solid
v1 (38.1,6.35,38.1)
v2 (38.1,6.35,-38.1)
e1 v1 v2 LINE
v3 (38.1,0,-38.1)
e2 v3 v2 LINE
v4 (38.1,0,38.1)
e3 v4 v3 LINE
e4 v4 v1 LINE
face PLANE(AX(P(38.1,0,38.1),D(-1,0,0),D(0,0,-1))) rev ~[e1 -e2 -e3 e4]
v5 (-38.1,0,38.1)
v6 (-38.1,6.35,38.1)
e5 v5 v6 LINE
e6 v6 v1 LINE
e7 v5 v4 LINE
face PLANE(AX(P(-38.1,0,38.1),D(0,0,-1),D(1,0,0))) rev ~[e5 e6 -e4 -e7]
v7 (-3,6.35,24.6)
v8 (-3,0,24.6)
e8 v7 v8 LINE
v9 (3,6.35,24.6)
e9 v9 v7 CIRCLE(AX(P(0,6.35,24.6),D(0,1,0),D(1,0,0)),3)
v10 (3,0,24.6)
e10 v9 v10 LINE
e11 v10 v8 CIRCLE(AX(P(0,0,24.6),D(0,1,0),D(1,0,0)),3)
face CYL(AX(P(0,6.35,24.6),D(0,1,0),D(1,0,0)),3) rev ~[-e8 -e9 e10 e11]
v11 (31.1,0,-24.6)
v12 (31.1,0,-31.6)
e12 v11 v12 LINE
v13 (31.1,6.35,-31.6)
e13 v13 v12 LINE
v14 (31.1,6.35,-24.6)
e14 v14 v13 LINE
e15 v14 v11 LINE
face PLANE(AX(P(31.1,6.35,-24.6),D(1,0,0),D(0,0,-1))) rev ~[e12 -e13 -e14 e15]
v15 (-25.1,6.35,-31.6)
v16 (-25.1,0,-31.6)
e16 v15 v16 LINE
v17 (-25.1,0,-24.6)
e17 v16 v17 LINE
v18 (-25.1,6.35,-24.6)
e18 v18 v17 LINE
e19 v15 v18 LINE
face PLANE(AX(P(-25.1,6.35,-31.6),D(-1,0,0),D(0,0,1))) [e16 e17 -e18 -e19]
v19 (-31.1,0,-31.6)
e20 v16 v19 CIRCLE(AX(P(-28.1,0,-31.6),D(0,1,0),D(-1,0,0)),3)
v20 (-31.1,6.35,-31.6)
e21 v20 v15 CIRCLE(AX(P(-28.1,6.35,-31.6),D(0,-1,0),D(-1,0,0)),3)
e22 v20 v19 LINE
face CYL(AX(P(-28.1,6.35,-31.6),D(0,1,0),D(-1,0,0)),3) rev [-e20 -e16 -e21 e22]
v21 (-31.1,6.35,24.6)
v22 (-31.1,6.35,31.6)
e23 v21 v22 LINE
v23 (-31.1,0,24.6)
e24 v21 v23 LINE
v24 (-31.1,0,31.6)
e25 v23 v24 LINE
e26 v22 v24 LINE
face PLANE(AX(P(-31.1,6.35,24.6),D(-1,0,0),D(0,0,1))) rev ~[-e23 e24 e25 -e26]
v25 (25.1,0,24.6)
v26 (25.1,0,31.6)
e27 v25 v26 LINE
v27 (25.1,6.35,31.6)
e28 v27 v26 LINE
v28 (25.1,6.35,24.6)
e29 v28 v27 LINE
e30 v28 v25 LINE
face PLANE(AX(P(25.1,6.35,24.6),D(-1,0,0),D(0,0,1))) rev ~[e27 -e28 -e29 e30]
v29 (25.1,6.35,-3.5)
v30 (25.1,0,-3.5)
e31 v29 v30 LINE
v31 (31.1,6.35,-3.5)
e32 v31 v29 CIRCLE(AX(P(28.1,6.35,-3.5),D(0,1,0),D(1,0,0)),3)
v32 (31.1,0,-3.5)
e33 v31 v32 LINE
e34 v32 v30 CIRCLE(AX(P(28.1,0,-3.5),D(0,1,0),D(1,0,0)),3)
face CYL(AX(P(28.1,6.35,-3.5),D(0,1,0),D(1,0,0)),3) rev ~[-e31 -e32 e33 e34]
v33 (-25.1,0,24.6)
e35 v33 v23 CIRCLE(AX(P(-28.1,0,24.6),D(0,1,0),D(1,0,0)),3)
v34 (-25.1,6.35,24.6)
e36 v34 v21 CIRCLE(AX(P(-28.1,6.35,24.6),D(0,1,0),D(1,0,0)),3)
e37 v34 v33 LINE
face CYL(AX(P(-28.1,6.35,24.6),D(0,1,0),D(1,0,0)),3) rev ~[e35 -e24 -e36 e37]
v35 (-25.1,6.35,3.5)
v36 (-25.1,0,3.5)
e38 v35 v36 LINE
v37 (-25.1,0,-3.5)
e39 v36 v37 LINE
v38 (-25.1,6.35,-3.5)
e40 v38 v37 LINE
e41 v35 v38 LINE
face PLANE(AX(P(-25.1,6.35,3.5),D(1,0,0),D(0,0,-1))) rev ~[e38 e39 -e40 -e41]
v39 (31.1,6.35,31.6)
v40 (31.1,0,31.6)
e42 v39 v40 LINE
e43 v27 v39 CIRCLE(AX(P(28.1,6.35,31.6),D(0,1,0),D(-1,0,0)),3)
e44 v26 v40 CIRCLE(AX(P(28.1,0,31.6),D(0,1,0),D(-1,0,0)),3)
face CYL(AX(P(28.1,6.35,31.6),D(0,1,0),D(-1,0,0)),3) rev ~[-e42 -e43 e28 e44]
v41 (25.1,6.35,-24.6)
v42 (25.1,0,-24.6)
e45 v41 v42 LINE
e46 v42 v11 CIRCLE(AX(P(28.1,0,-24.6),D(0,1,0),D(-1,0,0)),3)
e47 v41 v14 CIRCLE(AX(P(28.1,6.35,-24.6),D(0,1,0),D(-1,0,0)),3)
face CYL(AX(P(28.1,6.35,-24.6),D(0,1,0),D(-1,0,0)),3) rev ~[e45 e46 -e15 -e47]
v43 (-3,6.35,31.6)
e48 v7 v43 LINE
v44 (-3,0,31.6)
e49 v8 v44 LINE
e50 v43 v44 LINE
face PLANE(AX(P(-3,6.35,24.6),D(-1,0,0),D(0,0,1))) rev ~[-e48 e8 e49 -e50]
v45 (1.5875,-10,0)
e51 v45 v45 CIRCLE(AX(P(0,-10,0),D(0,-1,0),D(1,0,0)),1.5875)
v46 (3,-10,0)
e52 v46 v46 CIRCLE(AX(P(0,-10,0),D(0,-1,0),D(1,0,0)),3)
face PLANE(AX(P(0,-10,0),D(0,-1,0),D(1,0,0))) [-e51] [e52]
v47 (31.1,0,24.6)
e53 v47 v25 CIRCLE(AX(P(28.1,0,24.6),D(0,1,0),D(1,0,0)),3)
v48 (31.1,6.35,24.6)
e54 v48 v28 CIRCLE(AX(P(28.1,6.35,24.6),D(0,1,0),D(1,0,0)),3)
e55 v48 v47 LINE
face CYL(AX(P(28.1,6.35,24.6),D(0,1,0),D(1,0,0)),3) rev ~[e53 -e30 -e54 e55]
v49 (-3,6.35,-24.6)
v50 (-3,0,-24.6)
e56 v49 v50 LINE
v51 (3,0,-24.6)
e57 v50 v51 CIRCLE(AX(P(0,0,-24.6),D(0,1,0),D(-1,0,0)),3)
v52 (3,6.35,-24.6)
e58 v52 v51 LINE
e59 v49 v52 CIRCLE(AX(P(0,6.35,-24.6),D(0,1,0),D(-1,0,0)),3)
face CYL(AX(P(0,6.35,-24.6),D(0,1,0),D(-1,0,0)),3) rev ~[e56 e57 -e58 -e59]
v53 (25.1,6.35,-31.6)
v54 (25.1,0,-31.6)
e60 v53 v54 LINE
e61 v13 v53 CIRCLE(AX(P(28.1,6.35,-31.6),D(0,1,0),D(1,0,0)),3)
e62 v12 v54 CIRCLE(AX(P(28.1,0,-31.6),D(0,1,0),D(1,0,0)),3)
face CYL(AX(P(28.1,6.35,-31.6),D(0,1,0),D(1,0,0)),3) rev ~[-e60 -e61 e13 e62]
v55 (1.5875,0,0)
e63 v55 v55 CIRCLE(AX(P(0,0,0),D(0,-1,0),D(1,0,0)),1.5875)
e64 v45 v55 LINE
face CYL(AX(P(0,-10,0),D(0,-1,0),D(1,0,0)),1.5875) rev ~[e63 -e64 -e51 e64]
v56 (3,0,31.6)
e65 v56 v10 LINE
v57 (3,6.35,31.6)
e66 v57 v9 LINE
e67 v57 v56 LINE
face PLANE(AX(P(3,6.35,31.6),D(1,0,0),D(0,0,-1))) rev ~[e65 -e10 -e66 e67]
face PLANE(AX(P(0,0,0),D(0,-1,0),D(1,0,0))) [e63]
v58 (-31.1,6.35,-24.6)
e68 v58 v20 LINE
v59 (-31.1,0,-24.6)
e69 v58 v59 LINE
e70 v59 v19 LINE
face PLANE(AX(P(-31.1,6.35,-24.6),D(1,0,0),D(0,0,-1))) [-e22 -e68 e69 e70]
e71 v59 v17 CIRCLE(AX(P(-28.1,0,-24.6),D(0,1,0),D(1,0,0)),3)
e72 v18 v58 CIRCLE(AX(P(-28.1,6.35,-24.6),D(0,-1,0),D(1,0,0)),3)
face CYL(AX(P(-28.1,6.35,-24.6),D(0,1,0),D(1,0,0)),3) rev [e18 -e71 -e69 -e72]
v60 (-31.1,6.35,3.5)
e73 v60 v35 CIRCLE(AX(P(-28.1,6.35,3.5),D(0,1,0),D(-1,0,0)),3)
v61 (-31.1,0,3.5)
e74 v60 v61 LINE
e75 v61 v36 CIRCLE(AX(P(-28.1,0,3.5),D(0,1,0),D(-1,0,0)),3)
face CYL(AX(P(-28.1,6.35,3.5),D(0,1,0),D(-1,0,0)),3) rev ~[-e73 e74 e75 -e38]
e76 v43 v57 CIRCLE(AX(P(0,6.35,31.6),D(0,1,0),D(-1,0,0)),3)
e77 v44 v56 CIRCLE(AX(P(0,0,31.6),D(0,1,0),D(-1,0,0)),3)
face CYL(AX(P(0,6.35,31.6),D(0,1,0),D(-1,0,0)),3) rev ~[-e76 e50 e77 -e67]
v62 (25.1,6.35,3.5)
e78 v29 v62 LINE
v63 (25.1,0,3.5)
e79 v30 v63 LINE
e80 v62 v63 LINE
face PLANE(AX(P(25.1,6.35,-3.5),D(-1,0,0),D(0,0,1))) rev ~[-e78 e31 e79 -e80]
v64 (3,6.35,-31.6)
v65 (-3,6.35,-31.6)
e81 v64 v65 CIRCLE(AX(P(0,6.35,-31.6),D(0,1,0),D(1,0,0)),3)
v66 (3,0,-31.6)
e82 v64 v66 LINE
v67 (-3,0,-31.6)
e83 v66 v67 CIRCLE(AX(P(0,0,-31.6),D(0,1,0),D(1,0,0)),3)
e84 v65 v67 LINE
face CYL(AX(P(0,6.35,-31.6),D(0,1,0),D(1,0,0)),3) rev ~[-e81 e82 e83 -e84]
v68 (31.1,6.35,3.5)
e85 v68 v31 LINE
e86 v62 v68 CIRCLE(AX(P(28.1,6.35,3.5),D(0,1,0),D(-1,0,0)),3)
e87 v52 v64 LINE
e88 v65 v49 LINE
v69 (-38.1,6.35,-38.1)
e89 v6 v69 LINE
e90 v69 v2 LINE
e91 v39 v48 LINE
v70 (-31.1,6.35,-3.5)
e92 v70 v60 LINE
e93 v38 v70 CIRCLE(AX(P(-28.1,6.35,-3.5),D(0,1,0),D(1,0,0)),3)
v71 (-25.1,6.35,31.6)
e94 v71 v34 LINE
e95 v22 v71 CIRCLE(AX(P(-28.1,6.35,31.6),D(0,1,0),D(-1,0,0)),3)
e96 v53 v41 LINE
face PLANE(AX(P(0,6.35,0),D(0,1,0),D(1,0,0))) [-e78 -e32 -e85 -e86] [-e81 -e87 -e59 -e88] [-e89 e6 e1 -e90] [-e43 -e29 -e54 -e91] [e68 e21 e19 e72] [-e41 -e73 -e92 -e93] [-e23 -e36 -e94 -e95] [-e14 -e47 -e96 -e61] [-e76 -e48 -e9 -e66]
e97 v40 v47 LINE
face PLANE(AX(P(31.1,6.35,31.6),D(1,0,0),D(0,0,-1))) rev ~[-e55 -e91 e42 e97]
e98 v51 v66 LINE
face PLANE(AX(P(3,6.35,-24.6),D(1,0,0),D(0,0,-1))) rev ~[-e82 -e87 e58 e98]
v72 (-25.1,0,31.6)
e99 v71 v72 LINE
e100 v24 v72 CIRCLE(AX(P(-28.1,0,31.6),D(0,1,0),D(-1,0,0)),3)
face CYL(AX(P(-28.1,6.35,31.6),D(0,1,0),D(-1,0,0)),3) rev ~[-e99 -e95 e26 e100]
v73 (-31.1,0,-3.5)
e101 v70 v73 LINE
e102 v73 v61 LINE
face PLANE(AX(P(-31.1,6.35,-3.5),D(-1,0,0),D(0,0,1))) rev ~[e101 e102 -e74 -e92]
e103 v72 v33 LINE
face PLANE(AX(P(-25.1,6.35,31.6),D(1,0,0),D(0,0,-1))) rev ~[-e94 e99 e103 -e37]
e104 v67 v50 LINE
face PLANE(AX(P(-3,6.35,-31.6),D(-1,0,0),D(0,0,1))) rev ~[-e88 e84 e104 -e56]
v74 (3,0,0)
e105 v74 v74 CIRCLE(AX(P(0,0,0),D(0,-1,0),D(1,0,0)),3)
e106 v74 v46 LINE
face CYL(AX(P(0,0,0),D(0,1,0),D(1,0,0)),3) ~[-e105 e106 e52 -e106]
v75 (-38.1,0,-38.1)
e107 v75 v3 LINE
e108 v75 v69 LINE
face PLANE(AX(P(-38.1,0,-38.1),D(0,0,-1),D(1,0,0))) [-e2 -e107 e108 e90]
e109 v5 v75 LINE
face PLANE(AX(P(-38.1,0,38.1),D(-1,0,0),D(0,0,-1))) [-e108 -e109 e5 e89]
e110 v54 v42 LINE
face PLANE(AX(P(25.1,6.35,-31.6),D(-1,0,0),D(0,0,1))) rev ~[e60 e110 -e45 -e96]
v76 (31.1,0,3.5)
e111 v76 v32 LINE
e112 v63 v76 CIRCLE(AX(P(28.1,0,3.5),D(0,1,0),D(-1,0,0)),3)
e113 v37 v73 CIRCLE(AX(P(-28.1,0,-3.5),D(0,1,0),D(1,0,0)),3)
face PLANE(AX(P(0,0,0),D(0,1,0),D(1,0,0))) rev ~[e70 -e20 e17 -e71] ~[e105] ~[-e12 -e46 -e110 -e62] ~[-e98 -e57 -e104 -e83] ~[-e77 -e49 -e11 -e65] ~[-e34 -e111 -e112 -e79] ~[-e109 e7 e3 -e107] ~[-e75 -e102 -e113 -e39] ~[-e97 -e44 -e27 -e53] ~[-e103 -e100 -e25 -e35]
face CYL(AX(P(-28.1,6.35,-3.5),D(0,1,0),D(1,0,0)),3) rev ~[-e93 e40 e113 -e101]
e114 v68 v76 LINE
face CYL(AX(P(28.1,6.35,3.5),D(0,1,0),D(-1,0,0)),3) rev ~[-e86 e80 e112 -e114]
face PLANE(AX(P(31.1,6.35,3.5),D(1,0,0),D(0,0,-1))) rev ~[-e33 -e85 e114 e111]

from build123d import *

# Parameters (mm, degrees)
SKETCH1_W           = 76.2
SKETCH1_H           = 76.2
BOSS_EXTRUDE1_DEPTH = 6.35
SKETCH2_R           = 3
BOSS_EXTRUDE2_DEPTH = 10
SKETCH3_R           = 1.5875
CUT_EXTRUDE1_DEPTH  = 10
CUT_EXTRUDE2_DEPTH  = 17.35


with BuildPart() as part:
    # Sketch1 → Boss-Extrude1 (new body)
    with BuildSketch(Plane(origin=(0, 0, 0), x_dir=(1, 0, 0), z_dir=(0, 1, 0))):
        Rectangle(SKETCH1_W, SKETCH1_H)
    extrude(amount=BOSS_EXTRUDE1_DEPTH)

    # Sketch2 → Boss-Extrude2 (add)
    with BuildSketch(Plane.XZ):
        Circle(SKETCH2_R)
    extrude(amount=BOSS_EXTRUDE2_DEPTH)

    # Sketch3 → Cut-Extrude1 (cut)
    with BuildSketch(Plane.XZ.offset(10)):
        Circle(SKETCH3_R)
    extrude(amount=-CUT_EXTRUDE1_DEPTH, mode=Mode.SUBTRACT)

    # Sketch5 → Cut-Extrude2 (cut, through all)
    with BuildSketch(Plane(origin=(0, 6.35, 0), x_dir=(1, 0, 0), z_dir=(0, 1, 0))):
        with BuildLine():
            Line((-25.1, 31.6), (-25.1, 24.6))
            ThreePointArc((-25.1, 24.6), (-28.1, 21.6), (-31.1, 24.6))
            Line((-31.1, 24.6), (-31.1, 31.6))
            ThreePointArc((-31.1, 31.6), (-28.1, 34.6), (-25.1, 31.6))
        make_face()
        with BuildLine():
            Line((-3, 31.6), (-3, 24.6))
            ThreePointArc((-3, 24.6), (0, 21.6), (3, 24.6))
            Line((3, 24.6), (3, 31.6))
            ThreePointArc((3, 31.6), (0, 34.6), (-3, 31.6))
        make_face()
        with BuildLine():
            Line((25.1, 31.6), (25.1, 24.6))
            ThreePointArc((25.1, 24.6), (28.1, 21.6), (31.1, 24.6))
            Line((31.1, 24.6), (31.1, 31.6))
            ThreePointArc((31.1, 31.6), (28.1, 34.6), (25.1, 31.6))
        make_face()
        with BuildLine():
            Line((25.1, 3.5), (25.1, -3.5))
            ThreePointArc((25.1, -3.5), (28.1, -6.5), (31.1, -3.5))
            Line((31.1, -3.5), (31.1, 3.5))
            ThreePointArc((31.1, 3.5), (28.1, 6.5), (25.1, 3.5))
        make_face()
        with BuildLine():
            Line((-3, -24.6), (-3, -31.6))
            ThreePointArc((-3, -31.6), (0, -34.6), (3, -31.6))
            Line((3, -31.6), (3, -24.6))
            ThreePointArc((3, -24.6), (0, -21.6), (-3, -24.6))
        make_face()
        with BuildLine():
            Line((25.1, -24.6), (25.1, -31.6))
            ThreePointArc((25.1, -31.6), (28.1, -34.6), (31.1, -31.6))
            Line((31.1, -31.6), (31.1, -24.6))
            ThreePointArc((31.1, -24.6), (28.1, -21.6), (25.1, -24.6))
        make_face()
        with BuildLine():
            Line((-31.1, 3.5), (-31.1, -3.5))
            ThreePointArc((-31.1, -3.5), (-28.1, -6.5), (-25.1, -3.5))
            Line((-25.1, -3.5), (-25.1, 3.5))
            ThreePointArc((-25.1, 3.5), (-28.1, 6.5), (-31.1, 3.5))
        make_face()
        with BuildLine():
            Line((-31.1, -24.6), (-31.1, -31.6))
            ThreePointArc((-31.1, -31.6), (-28.1, -34.6), (-25.1, -31.6))
            Line((-25.1, -31.6), (-25.1, -24.6))
            ThreePointArc((-25.1, -24.6), (-28.1, -21.6), (-31.1, -24.6))
        make_face()
    extrude(amount=-CUT_EXTRUDE2_DEPTH, mode=Mode.SUBTRACT)


solid = part.part
